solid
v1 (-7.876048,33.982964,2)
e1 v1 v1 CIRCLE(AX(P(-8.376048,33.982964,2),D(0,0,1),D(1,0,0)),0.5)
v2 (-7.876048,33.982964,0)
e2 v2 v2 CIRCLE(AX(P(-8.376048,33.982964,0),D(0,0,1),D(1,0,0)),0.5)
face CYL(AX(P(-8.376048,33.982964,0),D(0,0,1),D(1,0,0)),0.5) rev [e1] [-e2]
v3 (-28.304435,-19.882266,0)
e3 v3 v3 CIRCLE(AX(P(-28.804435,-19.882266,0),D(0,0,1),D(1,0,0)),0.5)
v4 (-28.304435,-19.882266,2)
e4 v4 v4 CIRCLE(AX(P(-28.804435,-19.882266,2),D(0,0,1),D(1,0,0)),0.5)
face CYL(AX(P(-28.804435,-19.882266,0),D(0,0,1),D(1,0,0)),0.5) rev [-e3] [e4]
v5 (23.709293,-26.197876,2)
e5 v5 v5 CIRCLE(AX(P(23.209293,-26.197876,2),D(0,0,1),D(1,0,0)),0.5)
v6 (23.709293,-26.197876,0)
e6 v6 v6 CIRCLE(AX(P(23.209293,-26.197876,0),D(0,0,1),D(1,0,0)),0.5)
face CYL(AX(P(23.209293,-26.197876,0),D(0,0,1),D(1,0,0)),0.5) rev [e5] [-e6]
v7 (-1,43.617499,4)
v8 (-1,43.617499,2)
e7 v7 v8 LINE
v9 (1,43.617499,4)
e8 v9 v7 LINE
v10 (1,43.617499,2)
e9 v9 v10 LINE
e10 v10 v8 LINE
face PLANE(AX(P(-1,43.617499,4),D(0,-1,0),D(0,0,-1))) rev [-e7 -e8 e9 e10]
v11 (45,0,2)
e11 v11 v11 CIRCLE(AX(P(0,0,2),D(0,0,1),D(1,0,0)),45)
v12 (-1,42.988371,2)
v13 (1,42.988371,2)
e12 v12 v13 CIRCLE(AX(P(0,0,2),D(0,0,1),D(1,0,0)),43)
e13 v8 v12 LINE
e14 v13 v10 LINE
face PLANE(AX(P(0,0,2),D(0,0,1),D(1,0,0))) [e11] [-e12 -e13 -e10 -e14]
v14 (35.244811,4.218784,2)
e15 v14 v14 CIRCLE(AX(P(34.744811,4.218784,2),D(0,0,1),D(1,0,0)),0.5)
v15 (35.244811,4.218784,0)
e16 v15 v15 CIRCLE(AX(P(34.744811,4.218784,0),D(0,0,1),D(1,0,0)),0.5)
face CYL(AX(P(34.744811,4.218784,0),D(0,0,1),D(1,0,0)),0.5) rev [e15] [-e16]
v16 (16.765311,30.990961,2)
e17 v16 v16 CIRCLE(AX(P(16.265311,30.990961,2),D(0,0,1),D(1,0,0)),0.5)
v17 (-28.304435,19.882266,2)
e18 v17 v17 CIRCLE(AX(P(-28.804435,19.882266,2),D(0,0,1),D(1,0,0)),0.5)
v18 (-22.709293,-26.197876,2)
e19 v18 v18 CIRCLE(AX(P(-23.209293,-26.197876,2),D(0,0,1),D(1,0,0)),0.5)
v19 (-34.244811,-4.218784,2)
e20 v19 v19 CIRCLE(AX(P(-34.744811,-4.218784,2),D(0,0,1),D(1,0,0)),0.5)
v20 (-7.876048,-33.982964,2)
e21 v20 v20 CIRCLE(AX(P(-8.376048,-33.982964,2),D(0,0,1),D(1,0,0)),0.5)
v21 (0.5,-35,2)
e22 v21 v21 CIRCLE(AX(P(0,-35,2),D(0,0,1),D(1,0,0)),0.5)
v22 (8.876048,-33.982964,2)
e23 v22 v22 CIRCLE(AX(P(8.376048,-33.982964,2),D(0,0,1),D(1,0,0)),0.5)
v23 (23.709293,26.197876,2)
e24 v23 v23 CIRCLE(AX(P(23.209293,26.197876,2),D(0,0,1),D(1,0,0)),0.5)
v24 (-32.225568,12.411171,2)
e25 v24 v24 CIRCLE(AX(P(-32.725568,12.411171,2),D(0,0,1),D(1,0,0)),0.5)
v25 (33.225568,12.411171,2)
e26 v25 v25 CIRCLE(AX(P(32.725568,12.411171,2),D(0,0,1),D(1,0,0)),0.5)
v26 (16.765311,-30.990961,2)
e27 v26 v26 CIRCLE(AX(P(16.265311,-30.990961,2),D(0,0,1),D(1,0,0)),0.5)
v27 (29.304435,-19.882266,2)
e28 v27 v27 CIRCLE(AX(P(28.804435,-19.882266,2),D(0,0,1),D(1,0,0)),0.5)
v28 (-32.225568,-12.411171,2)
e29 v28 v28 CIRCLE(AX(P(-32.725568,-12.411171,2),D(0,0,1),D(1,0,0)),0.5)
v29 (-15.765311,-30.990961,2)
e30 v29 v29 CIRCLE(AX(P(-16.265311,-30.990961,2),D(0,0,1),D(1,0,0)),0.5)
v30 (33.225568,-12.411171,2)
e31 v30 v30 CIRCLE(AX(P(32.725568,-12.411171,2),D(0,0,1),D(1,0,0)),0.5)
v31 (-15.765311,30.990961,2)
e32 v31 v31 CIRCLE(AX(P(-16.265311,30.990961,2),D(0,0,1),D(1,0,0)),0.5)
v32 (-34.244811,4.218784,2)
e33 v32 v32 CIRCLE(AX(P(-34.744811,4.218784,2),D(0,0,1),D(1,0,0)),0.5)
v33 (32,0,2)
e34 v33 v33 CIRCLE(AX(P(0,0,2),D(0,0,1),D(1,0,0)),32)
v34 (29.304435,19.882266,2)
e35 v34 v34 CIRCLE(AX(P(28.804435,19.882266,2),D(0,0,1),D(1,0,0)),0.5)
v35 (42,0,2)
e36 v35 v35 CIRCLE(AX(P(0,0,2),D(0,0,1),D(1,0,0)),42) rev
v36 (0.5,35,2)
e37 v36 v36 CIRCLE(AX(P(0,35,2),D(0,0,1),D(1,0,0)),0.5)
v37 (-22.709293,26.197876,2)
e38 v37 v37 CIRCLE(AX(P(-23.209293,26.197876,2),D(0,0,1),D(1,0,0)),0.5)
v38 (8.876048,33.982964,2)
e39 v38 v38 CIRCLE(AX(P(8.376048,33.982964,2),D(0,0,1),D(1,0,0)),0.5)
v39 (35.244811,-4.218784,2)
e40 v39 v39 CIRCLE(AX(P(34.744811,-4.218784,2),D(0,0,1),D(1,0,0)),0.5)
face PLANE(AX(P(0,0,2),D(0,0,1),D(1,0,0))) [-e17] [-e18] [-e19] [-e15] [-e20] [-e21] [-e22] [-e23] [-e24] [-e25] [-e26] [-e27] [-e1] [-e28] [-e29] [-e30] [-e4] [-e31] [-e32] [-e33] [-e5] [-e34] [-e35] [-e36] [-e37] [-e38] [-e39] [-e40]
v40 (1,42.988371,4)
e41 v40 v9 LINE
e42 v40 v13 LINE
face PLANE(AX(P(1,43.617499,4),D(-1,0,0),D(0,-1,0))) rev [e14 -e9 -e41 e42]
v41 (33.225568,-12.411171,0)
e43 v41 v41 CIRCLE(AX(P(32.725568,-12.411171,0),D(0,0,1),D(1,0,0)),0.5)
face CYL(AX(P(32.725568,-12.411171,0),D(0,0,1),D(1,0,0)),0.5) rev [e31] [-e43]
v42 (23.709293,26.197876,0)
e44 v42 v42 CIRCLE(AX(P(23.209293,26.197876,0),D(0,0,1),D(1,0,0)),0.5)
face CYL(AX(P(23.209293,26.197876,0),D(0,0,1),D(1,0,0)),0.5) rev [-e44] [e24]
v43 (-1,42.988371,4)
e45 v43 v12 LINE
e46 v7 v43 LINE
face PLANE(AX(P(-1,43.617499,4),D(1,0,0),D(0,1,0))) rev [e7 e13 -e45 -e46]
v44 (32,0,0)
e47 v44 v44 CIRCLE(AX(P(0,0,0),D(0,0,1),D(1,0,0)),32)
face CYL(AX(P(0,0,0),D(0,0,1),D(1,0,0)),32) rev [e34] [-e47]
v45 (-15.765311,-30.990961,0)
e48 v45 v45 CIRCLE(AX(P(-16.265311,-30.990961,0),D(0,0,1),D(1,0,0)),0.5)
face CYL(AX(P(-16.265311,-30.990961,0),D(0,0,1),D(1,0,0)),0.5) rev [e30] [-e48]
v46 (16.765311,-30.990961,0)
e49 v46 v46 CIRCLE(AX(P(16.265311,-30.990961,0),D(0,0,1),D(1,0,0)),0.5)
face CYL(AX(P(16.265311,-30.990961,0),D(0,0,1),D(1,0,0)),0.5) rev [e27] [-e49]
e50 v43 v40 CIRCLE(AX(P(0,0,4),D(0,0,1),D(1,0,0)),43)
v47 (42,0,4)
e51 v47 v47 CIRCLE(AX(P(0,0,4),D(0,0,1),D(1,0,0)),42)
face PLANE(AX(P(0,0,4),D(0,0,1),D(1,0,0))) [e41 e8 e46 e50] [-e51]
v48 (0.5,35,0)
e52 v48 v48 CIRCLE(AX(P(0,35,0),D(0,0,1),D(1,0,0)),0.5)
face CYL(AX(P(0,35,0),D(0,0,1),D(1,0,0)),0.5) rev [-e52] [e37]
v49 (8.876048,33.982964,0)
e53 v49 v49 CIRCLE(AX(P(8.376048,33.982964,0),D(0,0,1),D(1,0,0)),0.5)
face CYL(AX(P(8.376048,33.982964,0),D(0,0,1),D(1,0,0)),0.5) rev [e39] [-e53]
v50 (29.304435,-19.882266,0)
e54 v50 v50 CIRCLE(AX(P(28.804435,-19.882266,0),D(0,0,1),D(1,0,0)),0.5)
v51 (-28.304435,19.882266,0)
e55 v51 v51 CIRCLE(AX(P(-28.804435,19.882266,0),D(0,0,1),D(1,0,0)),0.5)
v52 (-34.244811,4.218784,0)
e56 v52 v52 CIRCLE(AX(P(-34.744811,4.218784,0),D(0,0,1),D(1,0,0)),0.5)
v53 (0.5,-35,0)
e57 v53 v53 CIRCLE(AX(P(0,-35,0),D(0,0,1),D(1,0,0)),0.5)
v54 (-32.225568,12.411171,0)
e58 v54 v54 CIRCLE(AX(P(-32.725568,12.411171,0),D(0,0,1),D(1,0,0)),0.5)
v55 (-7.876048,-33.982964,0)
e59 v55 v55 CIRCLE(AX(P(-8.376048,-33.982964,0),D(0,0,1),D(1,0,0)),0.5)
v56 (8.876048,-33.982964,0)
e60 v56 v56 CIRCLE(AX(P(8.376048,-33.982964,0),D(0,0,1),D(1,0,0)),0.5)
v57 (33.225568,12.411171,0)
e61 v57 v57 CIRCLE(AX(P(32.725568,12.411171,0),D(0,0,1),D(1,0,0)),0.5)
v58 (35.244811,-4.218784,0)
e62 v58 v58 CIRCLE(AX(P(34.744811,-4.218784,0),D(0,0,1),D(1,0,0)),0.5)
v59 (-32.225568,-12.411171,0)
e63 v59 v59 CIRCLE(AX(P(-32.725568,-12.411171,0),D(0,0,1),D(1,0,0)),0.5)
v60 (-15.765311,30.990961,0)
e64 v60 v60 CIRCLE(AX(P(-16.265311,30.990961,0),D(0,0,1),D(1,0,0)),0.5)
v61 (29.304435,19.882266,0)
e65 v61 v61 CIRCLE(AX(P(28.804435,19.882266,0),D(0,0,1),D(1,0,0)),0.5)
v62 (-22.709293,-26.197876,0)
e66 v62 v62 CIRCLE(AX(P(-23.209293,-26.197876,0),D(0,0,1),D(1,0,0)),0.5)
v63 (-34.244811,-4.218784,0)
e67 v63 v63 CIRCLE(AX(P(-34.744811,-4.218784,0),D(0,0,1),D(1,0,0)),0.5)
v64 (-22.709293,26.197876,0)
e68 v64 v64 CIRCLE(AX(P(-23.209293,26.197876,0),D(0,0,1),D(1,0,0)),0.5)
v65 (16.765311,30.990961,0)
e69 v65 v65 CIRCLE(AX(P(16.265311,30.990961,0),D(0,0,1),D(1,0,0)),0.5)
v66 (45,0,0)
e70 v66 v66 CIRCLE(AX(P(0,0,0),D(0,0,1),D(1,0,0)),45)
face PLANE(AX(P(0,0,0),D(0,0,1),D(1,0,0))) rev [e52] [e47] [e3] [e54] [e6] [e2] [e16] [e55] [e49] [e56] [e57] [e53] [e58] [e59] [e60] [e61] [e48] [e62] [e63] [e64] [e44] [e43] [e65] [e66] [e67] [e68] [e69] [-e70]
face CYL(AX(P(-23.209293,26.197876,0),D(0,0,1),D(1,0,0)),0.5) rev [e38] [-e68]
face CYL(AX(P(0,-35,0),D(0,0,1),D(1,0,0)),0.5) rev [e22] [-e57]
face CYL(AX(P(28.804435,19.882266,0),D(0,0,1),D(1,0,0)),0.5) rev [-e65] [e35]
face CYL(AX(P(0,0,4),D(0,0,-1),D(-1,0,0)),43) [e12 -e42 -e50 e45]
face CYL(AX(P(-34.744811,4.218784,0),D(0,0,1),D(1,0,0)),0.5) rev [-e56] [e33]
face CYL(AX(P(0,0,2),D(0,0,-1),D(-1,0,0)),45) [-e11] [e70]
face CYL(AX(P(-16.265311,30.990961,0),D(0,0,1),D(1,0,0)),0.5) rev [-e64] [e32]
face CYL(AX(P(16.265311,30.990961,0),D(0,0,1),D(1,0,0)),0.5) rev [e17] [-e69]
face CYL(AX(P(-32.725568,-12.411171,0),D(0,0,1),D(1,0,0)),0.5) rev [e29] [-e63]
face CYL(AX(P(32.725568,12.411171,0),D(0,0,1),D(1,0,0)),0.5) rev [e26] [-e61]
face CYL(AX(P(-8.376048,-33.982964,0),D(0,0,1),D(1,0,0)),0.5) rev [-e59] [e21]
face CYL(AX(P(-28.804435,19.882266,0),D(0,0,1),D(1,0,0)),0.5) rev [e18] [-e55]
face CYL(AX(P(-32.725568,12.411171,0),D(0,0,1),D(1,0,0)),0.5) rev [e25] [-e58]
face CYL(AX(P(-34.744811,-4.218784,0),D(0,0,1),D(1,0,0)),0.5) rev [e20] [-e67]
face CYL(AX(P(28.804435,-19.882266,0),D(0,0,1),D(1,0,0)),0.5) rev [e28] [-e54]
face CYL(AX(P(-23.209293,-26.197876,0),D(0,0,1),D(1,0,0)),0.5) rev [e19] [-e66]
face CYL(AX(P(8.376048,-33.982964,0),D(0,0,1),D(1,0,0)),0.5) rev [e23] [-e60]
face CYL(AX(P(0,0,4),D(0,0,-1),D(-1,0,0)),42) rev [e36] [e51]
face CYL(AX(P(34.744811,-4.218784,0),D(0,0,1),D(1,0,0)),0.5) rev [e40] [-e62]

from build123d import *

# Parameters (mm, degrees)
SKETCH1_R           = 45
BOSS_EXTRUDE1_DEPTH = 2
SKETCH2_R           = 42
BOSS_EXTRUDE2_DEPTH = 2
SKETCH3_R           = 0.5
SKETCH3_R_2         = 32
CUT_EXTRUDE1_DEPTH  = 64.671029519


with BuildPart() as part:
    # Sketch1 → Boss-Extrude1 (new body)
    with BuildSketch(Plane.XY):
        Circle(SKETCH1_R)
    extrude(amount=BOSS_EXTRUDE1_DEPTH)

    # Sketch2 → Boss-Extrude2 (add)
    with BuildSketch(Plane.XY.offset(2)):
        with BuildLine():
            Line((-1, 43.617499368), (1, 43.617499368))
            Line((1, 43.617499368), (1, 42.98837052))
            ThreePointArc((1, 42.98837052), (0, -43), (-1, 42.98837052))
            Line((-1, 42.98837052), (-1, 43.617499368))
        make_face()
        Circle(SKETCH2_R, mode=Mode.SUBTRACT)
    extrude(amount=BOSS_EXTRUDE2_DEPTH)

    # Sketch3 → Cut-Extrude1 (cut, through all)
    with BuildSketch(Plane.XY.offset(2)):
        with Locations((0, 35)):
            Circle(SKETCH3_R)
        with Locations((8.37604825, 33.98296361)):
            Circle(SKETCH3_R)
        with Locations((16.265311022, 30.990960898)):
            Circle(SKETCH3_R)
        with Locations((23.209293038, 26.197876186)):
            Circle(SKETCH3_R)
        with Locations((28.804435306, 19.882266136)):
            Circle(SKETCH3_R)
        with Locations((32.725568494, 12.411171046)):
            Circle(SKETCH3_R)
        with Locations((34.744810593, 4.218783809)):
            Circle(SKETCH3_R)
        with Locations((34.744810593, -4.218783809)):
            Circle(SKETCH3_R)
        with Locations((32.725568494, -12.411171046)):
            Circle(SKETCH3_R)
        with Locations((28.804435306, -19.882266136)):
            Circle(SKETCH3_R)
        with Locations((23.209293038, -26.197876186)):
            Circle(SKETCH3_R)
        with Locations((16.265311022, -30.990960898)):
            Circle(SKETCH3_R)
        with Locations((8.37604825, -33.98296361)):
            Circle(SKETCH3_R)
        with Locations((0, -35)):
            Circle(SKETCH3_R)
        with Locations((-8.37604825, -33.98296361)):
            Circle(SKETCH3_R)
        with Locations((-16.265311022, -30.990960898)):
            Circle(SKETCH3_R)
        with Locations((-23.209293038, -26.197876186)):
            Circle(SKETCH3_R)
        with Locations((-28.804435306, -19.882266136)):
            Circle(SKETCH3_R)
        with Locations((-32.725568494, -12.411171046)):
            Circle(SKETCH3_R)
        with Locations((-34.744810593, -4.218783809)):
            Circle(SKETCH3_R)
        with Locations((-34.744810593, 4.218783809)):
            Circle(SKETCH3_R)
        with Locations((-32.725568494, 12.411171046)):
            Circle(SKETCH3_R)
        with Locations((-28.804435306, 19.882266136)):
            Circle(SKETCH3_R)
        with Locations((-23.209293038, 26.197876186)):
            Circle(SKETCH3_R)
        with Locations((-16.265311022, 30.990960898)):
            Circle(SKETCH3_R)
        with Locations((-8.37604825, 33.98296361)):
            Circle(SKETCH3_R)
        Circle(SKETCH3_R_2)
    extrude(amount=-CUT_EXTRUDE1_DEPTH, mode=Mode.SUBTRACT)


solid = part.part
